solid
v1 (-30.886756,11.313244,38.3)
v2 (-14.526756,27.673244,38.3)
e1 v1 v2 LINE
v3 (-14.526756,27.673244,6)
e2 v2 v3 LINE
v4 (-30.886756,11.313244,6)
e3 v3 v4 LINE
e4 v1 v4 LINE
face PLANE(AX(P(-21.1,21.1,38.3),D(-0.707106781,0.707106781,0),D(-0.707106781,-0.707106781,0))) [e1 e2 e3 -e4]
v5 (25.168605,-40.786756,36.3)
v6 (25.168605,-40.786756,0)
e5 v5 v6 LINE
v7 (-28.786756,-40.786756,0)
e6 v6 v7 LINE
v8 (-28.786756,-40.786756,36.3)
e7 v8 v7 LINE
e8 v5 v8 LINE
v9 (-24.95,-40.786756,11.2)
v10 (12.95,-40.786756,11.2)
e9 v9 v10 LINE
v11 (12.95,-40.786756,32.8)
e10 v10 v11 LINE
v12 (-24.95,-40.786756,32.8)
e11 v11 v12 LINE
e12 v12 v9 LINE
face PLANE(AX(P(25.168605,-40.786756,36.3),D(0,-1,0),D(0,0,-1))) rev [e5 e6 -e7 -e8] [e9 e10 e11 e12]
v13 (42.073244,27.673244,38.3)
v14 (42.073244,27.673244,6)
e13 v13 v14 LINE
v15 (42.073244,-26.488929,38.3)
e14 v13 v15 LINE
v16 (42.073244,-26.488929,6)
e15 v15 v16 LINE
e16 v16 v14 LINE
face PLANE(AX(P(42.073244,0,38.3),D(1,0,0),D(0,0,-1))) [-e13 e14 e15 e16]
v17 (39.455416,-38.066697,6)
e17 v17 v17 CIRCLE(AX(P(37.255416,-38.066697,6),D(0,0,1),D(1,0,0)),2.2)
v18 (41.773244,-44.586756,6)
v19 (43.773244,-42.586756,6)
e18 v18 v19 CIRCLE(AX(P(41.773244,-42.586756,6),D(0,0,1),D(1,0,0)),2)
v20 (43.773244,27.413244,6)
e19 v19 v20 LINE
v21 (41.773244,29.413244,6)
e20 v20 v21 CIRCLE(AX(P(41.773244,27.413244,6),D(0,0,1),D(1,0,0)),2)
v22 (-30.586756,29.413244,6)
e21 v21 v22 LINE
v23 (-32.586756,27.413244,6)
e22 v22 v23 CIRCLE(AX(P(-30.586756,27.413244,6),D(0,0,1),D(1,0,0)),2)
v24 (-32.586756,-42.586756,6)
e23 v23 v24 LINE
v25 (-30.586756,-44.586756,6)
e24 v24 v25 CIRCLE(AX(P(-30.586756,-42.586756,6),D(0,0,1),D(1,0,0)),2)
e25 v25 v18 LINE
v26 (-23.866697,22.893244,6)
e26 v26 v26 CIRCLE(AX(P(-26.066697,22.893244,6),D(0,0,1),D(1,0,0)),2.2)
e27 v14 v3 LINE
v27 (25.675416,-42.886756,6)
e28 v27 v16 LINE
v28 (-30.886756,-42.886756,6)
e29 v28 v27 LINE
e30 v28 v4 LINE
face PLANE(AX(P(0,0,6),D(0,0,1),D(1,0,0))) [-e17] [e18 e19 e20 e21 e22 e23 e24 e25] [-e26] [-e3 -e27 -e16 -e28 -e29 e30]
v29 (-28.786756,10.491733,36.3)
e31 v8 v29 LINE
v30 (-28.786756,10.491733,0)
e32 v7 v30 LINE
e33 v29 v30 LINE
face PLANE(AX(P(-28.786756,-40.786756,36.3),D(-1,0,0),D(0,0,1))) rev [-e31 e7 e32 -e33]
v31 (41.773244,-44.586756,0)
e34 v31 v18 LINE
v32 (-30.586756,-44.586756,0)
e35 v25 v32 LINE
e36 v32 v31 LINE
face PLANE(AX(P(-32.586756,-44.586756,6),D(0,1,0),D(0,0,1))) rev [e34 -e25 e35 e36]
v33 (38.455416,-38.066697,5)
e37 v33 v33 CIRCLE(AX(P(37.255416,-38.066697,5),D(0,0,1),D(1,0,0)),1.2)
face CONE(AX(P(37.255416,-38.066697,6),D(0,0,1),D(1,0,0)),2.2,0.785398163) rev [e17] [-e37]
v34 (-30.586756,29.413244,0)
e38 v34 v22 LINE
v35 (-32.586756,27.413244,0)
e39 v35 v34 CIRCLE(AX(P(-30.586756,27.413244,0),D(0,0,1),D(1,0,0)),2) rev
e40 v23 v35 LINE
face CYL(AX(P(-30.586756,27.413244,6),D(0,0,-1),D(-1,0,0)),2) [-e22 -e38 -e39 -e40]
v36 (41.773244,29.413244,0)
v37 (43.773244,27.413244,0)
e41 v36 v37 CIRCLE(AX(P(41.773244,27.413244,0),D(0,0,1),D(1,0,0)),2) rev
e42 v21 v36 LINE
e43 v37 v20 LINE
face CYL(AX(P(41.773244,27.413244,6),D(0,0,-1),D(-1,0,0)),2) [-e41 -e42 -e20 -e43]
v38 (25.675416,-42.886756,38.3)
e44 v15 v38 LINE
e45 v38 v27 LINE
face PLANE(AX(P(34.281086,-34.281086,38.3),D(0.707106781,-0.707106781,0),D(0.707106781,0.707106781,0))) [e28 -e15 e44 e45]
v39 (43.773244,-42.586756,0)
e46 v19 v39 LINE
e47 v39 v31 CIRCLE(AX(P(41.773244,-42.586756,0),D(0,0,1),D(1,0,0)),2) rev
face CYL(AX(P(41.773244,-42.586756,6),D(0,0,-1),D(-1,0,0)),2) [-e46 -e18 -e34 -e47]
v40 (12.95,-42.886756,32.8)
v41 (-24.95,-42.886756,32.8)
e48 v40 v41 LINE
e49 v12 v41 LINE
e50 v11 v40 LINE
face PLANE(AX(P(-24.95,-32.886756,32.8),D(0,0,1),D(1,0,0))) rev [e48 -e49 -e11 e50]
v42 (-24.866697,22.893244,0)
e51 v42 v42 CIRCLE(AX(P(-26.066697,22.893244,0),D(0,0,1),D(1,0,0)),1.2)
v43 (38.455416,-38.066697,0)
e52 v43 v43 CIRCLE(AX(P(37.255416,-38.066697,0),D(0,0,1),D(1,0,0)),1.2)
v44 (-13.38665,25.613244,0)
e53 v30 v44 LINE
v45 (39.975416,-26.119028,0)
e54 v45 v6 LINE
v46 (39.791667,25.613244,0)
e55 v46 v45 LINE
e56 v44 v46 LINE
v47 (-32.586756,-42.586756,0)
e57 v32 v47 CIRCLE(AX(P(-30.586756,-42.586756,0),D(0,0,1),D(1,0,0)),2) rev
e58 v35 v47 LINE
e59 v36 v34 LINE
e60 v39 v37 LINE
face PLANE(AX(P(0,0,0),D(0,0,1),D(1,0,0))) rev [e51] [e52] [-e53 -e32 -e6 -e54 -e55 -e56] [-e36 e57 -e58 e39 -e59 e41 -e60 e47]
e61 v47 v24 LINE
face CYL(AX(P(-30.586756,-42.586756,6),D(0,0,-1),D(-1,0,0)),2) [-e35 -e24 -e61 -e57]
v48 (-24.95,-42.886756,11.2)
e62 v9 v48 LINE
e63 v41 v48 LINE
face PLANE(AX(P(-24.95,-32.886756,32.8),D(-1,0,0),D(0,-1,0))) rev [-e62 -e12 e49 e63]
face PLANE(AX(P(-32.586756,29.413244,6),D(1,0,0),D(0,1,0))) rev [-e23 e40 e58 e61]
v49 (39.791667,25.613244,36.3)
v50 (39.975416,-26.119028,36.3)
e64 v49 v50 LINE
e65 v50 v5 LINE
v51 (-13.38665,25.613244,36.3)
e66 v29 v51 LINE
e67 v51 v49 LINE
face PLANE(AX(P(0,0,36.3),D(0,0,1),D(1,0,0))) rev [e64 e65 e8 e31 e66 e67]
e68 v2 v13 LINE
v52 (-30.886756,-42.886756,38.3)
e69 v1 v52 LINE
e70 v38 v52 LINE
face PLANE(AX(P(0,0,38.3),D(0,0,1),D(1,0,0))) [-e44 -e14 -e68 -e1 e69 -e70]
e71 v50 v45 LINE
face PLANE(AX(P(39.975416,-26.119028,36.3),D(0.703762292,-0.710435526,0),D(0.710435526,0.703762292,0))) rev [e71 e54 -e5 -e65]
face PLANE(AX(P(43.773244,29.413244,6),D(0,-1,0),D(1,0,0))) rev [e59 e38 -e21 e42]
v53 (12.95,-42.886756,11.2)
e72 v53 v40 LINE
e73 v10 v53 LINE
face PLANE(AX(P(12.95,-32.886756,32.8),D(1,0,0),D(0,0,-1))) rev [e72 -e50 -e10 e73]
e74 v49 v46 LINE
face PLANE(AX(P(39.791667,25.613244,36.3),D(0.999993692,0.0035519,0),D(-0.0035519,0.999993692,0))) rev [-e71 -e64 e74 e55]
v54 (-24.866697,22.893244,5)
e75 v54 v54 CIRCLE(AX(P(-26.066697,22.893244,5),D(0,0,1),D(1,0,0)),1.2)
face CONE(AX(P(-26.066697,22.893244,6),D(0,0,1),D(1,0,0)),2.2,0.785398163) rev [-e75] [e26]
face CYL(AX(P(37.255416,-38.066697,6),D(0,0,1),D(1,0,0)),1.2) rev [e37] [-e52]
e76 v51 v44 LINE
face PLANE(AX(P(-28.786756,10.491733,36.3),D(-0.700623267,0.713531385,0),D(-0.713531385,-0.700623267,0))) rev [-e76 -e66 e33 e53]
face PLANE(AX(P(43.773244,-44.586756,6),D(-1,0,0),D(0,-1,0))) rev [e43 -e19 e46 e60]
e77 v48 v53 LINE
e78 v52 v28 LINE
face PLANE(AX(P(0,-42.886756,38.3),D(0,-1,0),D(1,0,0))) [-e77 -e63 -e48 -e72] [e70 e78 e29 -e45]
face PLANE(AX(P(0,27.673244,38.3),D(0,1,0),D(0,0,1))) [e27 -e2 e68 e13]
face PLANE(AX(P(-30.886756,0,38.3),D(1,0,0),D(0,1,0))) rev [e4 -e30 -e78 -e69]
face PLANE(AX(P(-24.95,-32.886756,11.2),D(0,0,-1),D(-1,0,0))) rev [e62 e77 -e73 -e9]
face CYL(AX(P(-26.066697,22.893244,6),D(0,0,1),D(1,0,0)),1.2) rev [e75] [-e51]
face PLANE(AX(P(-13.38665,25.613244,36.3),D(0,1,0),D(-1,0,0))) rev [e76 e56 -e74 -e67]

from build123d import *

# Parameters (mm, degrees)
SKETCH1_W                                            = 76.36
SKETCH1_H                                            = 74
BOSS_EXTRUDE1_DEPTH                                  = 6
FILLET1_R                                            = 2
FILLET2_R                                            = 2
FILLET3_R                                            = 2
FILLET4_R                                            = 2
CSK_FOR_M2_COUNTERSUNK_RAISED_HEAD_SCREW_D           = 2.4
CSK_FOR_M2_COUNTERSUNK_RAISED_HEAD_SCREW_CSINK_D     = 4.4
CSK_FOR_M2_COUNTERSUNK_RAISED_HEAD_SCREW_CSINK_ANGLE = 90
BOSS_EXTRUDE2_DEPTH                                  = 38.3
CUT_EXTRUDE1_DEPTH                                   = 36.3
SKETCH8_W                                            = 37.9
SKETCH8_H                                            = 21.6
CUT_EXTRUDE2_DEPTH                                   = 10


with BuildPart() as part:
    # Sketch1 → Boss-Extrude1 (new body)
    with BuildSketch(Plane.XY):
        with Locations((5.593243707, -7.586756293)):
            Rectangle(SKETCH1_W, SKETCH1_H)
    extrude(amount=BOSS_EXTRUDE1_DEPTH)

    # Fillet1
    fillet1_edges = [part.edges().sort_by_distance(p)[0] for p in [
        (-32.586756293, 29.413243707, 3),
    ]]
    fillet(fillet1_edges, radius=FILLET1_R)

    # Fillet2
    fillet2_edges = [part.edges().sort_by_distance(p)[0] for p in [
        (43.773243707, 29.413243707, 3),
    ]]
    fillet(fillet2_edges, radius=FILLET2_R)

    # Fillet3
    fillet3_edges = [part.edges().sort_by_distance(p)[0] for p in [
        (-32.586756293, -44.586756293, 3),
    ]]
    fillet(fillet3_edges, radius=FILLET3_R)

    # Fillet4
    fillet4_edges = [part.edges().sort_by_distance(p)[0] for p in [
        (43.773243707, -44.586756293, 3),
    ]]
    fillet(fillet4_edges, radius=FILLET4_R)

    # CSK for M2 Countersunk Raised Head Screw1 (through all)
    with Locations(Plane.XY.offset(6)):
        with Locations((-26.066697121, 22.893243707), (37.255416012, -38.066697121)):
            CounterSinkHole(CSK_FOR_M2_COUNTERSUNK_RAISED_HEAD_SCREW_D / 2, CSK_FOR_M2_COUNTERSUNK_RAISED_HEAD_SCREW_CSINK_D / 2, counter_sink_angle=CSK_FOR_M2_COUNTERSUNK_RAISED_HEAD_SCREW_CSINK_ANGLE)

    # Sketch2 → Boss-Extrude2 (add)
    with BuildSketch(Plane.XY):
        Polygon((42.073243707, -26.488928598), (42.073243707, 27.673243707), (-14.526756293, 27.673243707), (-30.886756293, 11.313243707), (-30.886756293, -42.886756293), (25.675416012, -42.886756293), align=None)
    extrude(amount=BOSS_EXTRUDE2_DEPTH)

    # Sketch3 → Cut-Extrude1 (cut)
    with BuildSketch(Plane(origin=(0, 0, 0), x_dir=(-1, 0, 0), z_dir=(0, 0, -1))):
        Polygon((-25.168605052, -40.786756293), (28.786756293, -40.786756293), (28.786756293, 10.491732857), (13.386650304, 25.613243707), (-39.791667004, 25.613243707), (-39.975416012, -26.119028061), align=None)
    extrude(amount=-CUT_EXTRUDE1_DEPTH, mode=Mode.SUBTRACT)

    # Sketch8 → Cut-Extrude2 (cut)
    with BuildSketch(Plane.XZ.offset(42.886756293)):
        with Locations((-6, 22)):
            Rectangle(SKETCH8_W, SKETCH8_H)
    extrude(amount=-CUT_EXTRUDE2_DEPTH, mode=Mode.SUBTRACT)


solid = part.part
